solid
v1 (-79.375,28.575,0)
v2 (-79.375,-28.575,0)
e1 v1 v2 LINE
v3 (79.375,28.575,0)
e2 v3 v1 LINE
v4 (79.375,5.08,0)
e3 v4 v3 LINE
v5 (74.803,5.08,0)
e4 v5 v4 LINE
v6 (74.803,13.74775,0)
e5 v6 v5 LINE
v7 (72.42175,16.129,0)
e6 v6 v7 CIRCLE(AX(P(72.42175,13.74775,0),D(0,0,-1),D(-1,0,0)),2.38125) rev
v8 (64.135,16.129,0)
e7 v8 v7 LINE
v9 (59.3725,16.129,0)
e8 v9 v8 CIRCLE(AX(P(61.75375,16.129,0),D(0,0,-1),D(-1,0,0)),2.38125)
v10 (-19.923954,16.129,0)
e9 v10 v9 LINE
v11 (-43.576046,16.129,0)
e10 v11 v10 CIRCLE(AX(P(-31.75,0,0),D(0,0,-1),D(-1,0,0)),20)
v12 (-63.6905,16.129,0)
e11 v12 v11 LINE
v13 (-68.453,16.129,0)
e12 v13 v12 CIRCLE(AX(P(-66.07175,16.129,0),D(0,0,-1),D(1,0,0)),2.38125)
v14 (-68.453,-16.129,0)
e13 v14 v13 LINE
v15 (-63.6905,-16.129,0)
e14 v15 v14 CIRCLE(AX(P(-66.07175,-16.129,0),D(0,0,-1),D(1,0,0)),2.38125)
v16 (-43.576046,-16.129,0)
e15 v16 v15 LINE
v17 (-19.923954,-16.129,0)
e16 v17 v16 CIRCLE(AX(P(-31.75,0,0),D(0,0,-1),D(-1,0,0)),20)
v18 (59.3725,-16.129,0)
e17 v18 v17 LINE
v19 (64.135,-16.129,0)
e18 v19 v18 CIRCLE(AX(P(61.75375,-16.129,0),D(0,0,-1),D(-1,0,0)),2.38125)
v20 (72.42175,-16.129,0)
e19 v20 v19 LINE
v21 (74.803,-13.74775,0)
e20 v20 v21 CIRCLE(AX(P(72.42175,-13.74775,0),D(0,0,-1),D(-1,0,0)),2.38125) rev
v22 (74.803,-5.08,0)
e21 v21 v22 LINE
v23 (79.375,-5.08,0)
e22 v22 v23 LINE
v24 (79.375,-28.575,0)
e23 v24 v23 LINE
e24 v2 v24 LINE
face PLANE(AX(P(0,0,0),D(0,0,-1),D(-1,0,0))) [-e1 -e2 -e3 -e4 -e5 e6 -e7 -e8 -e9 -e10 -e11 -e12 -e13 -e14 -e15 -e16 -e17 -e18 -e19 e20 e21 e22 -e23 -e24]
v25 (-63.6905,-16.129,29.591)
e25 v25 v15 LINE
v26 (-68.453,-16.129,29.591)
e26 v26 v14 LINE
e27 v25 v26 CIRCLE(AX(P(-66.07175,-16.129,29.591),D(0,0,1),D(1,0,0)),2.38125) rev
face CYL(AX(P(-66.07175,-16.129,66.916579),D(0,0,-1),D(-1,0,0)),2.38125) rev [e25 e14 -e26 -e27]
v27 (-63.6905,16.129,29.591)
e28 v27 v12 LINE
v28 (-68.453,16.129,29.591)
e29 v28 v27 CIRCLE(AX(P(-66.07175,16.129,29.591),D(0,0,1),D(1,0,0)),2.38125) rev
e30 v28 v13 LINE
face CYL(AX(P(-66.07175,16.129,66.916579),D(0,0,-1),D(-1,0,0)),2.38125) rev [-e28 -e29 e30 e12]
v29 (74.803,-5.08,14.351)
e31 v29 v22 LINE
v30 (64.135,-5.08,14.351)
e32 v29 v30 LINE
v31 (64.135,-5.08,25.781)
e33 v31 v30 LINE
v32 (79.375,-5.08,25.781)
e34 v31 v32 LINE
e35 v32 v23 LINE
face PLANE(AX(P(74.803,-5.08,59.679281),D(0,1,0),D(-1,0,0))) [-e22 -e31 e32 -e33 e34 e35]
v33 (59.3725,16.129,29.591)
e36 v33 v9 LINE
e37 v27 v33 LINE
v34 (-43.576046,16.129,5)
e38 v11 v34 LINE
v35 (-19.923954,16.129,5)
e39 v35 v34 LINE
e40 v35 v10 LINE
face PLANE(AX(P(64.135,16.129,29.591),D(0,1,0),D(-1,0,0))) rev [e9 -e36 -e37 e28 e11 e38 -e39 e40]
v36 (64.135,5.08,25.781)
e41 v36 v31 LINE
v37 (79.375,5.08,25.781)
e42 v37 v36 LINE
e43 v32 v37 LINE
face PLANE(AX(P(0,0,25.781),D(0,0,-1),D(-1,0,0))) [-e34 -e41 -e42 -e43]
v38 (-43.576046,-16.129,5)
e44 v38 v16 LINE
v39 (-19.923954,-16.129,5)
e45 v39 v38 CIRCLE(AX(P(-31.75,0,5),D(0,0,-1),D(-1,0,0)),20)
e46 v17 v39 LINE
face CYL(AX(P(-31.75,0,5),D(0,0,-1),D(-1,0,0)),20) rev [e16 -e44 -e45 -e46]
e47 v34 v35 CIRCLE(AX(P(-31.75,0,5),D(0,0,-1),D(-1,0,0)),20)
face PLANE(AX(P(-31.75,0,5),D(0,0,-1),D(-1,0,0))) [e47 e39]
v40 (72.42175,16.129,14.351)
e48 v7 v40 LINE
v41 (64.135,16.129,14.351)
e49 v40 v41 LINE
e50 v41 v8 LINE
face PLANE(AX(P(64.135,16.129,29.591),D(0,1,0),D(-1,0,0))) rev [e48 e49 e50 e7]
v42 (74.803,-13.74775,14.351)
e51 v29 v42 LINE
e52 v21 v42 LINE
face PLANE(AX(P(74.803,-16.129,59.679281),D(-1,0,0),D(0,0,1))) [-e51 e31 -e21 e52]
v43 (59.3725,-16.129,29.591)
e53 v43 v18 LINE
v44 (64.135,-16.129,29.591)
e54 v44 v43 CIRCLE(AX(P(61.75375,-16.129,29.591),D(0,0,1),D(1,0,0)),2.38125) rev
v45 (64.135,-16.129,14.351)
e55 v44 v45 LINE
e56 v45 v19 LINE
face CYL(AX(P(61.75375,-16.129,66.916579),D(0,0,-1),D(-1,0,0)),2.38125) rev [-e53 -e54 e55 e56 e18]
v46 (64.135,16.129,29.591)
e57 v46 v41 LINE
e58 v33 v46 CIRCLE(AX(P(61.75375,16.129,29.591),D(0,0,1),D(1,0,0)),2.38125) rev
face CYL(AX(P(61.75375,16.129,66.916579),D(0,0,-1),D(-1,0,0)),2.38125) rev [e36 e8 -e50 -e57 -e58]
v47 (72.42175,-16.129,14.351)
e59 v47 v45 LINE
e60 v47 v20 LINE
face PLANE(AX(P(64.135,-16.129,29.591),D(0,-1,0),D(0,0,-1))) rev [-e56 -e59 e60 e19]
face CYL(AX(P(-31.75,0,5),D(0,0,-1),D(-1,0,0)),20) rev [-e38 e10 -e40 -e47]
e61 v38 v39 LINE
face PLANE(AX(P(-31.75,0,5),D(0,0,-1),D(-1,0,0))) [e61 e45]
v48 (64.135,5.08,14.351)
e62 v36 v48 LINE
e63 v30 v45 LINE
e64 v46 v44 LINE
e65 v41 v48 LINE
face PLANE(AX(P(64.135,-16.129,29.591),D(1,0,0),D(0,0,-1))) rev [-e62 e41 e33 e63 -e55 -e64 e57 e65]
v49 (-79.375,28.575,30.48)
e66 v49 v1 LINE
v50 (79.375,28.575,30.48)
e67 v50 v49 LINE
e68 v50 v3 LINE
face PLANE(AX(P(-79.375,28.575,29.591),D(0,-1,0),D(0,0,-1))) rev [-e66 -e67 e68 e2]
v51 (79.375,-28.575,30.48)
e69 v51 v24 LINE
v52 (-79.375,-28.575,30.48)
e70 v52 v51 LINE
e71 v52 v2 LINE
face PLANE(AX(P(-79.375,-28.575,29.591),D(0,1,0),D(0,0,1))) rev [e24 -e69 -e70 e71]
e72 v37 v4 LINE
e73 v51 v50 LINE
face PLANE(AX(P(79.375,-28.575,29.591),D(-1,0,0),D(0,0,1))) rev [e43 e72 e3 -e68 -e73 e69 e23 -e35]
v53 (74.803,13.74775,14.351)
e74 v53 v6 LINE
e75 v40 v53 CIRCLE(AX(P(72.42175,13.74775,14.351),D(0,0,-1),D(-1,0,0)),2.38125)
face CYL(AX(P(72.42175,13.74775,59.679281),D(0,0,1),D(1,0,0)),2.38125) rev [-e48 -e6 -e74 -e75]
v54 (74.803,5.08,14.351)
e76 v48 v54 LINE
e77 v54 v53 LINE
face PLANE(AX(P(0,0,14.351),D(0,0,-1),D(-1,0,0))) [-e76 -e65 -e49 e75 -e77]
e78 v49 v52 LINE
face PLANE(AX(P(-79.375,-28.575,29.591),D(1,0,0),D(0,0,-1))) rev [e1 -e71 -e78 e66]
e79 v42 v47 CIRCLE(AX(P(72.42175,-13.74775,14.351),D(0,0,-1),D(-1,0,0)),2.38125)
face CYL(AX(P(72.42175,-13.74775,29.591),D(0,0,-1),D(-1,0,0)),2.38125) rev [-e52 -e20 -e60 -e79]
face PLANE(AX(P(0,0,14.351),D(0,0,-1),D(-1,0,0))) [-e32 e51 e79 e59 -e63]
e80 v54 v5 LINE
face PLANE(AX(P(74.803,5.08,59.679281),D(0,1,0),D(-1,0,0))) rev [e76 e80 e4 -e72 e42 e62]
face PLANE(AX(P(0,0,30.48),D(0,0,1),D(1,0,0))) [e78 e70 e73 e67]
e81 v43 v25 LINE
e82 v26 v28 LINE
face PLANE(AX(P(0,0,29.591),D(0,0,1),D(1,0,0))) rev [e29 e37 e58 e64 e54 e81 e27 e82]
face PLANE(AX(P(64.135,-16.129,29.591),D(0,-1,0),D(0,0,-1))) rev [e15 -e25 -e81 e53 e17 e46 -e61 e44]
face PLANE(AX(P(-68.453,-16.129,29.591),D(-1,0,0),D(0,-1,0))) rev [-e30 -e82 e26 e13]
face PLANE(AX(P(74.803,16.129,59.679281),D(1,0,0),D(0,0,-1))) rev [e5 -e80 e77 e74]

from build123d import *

# Parameters (mm, degrees)
SKETCH1_W           = 158.75
SKETCH1_H           = 57.15
BOSS_EXTRUDE1_DEPTH = 29.591
SKETCH2_W           = 132.588
SKETCH2_H           = 32.258
CUT_EXTRUDE1_DEPTH  = 90.401054418
CUT_EXTRUDE2_DEPTH  = 14.351
FILLET1_R           = 2.38125
SKETCH8_W           = 15.24
SKETCH8_H           = 10.16
CUT_EXTRUDE5_DEPTH  = 25.781
SKETCH5_W           = 158.75
SKETCH5_H           = 57.15
BOSS_EXTRUDE2_DEPTH = 0.889
CUT_EXTRUDE3_REACH  = 91.699
SKETCH7_R           = 20
CUT_EXTRUDE4_DEPTH  = 5


with BuildPart() as part:
    # Sketch1 → Boss-Extrude1 (new body)
    with BuildSketch(Plane.XY):
        Rectangle(SKETCH1_W, SKETCH1_H)
    extrude(amount=BOSS_EXTRUDE1_DEPTH)

    # Sketch2 → Cut-Extrude1 (cut, through all)
    with BuildSketch(Plane(origin=(0, 0, 0), x_dir=(-1, 0, 0), z_dir=(0, 0, -1))):
        with Locations((2.159, 0)):
            Rectangle(SKETCH2_W, SKETCH2_H)
    extrude(amount=-CUT_EXTRUDE1_DEPTH, mode=Mode.SUBTRACT)

    # Sketch4 → Cut-Extrude2 (cut)
    with BuildSketch(Plane(origin=(0, 0, 0), x_dir=(-1, 0, 0), z_dir=(0, 0, -1))):
        Polygon((-74.803, 5.08), (-89.535, 5.08), (-89.535, 3.5), (-79.375, 3.5), (-79.375, 0), (-64.135, 0), (-64.135, 5.08), (-64.135, 16.129), (-74.803, 16.129), align=None)
    cut_extrude2 = extrude(amount=-CUT_EXTRUDE2_DEPTH, mode=Mode.SUBTRACT)

    # Mirror1: Cut-Extrude2 across plane
    add(cut_extrude2.mirror(Plane.ZX), mode=Mode.SUBTRACT)

    # Fillet1
    fillet1_edges = [part.edges().sort_by_distance(p)[0] for p in [
        (74.803, 16.129, 7.1755),
        (74.803, -16.129, 7.1755),
    ]]
    fillet(fillet1_edges, radius=FILLET1_R)

    # Sketch8 → Cut-Extrude5 (cut)
    with BuildSketch(Plane(origin=(0, 0, 0), x_dir=(-1, 0, 0), z_dir=(0, 0, -1))):
        with Locations((-71.755, 0)):
            Rectangle(SKETCH8_W, SKETCH8_H)
    extrude(amount=-CUT_EXTRUDE5_DEPTH, mode=Mode.SUBTRACT)

    # Sketch5 → Boss-Extrude2 (add)
    with BuildSketch(Plane.XY.offset(29.591)):
        Rectangle(SKETCH5_W, SKETCH5_H)
    extrude(amount=BOSS_EXTRUDE2_DEPTH)

    # Cut-Extrude3: up to this face of the body (flat: up to its plane)
    cut_extrude3_end = Plane(part.part.faces().sort_by_distance((-2.159, 0, 29.591))[0])
    # Sketch6 → Cut-Extrude3 (cut, up to the picked face)
    with BuildSketch(Plane(origin=(0, 0, 0), x_dir=(-1, 0, 0), z_dir=(0, 0, -1)), mode=Mode.PRIVATE) as cut_extrude3_sk1:
        with BuildLine():
            Line((-64.135, -16.129), (-64.135, 16.129))
            ThreePointArc((-64.135, 16.129), (-61.75375, 18.51025), (-59.3725, 16.129))
            Line((-59.3725, 16.129), (-59.3725, -16.129))
            ThreePointArc((-59.3725, -16.129), (-61.75375, -18.51025), (-64.135, -16.129))
        make_face()
    cut_extrude3_tool1 = split(extrude(cut_extrude3_sk1.sketch, amount=-CUT_EXTRUDE3_REACH, mode=Mode.PRIVATE), bisect_by=cut_extrude3_end, keep=Keep.BOTH, mode=Mode.PRIVATE)
    # Sketch6 → Cut-Extrude3 (cut, up to the picked face)
    with BuildSketch(Plane(origin=(0, 0, 0), x_dir=(-1, 0, 0), z_dir=(0, 0, -1)), mode=Mode.PRIVATE) as cut_extrude3_sk2:
        with BuildLine():
            Line((68.453, -16.129), (68.453, 16.129))
            ThreePointArc((68.453, 16.129), (66.07175, 18.51025), (63.6905, 16.129))
            Line((63.6905, 16.129), (63.6905, -16.129))
            ThreePointArc((63.6905, -16.129), (66.07175, -18.51025), (68.453, -16.129))
        make_face()
    cut_extrude3_tool2 = split(extrude(cut_extrude3_sk2.sketch, amount=-CUT_EXTRUDE3_REACH, mode=Mode.PRIVATE), bisect_by=cut_extrude3_end, keep=Keep.BOTH, mode=Mode.PRIVATE)
    add(cut_extrude3_tool1.solids().sort_by(Axis((61.75375, 0, 0), (0, 0, 1)))[0], mode=Mode.SUBTRACT)
    add(cut_extrude3_tool2.solids().sort_by(Axis((-66.07175, 0, 0), (0, 0, 1)))[0], mode=Mode.SUBTRACT)

    # Sketch7 → Cut-Extrude4 (cut)
    with BuildSketch(Plane(origin=(0, 0, 0), x_dir=(-1, 0, 0), z_dir=(0, 0, -1))):
        with Locations((31.75, 0)):
            Circle(SKETCH7_R)
    extrude(amount=-CUT_EXTRUDE4_DEPTH, mode=Mode.SUBTRACT)


solid = part.part
